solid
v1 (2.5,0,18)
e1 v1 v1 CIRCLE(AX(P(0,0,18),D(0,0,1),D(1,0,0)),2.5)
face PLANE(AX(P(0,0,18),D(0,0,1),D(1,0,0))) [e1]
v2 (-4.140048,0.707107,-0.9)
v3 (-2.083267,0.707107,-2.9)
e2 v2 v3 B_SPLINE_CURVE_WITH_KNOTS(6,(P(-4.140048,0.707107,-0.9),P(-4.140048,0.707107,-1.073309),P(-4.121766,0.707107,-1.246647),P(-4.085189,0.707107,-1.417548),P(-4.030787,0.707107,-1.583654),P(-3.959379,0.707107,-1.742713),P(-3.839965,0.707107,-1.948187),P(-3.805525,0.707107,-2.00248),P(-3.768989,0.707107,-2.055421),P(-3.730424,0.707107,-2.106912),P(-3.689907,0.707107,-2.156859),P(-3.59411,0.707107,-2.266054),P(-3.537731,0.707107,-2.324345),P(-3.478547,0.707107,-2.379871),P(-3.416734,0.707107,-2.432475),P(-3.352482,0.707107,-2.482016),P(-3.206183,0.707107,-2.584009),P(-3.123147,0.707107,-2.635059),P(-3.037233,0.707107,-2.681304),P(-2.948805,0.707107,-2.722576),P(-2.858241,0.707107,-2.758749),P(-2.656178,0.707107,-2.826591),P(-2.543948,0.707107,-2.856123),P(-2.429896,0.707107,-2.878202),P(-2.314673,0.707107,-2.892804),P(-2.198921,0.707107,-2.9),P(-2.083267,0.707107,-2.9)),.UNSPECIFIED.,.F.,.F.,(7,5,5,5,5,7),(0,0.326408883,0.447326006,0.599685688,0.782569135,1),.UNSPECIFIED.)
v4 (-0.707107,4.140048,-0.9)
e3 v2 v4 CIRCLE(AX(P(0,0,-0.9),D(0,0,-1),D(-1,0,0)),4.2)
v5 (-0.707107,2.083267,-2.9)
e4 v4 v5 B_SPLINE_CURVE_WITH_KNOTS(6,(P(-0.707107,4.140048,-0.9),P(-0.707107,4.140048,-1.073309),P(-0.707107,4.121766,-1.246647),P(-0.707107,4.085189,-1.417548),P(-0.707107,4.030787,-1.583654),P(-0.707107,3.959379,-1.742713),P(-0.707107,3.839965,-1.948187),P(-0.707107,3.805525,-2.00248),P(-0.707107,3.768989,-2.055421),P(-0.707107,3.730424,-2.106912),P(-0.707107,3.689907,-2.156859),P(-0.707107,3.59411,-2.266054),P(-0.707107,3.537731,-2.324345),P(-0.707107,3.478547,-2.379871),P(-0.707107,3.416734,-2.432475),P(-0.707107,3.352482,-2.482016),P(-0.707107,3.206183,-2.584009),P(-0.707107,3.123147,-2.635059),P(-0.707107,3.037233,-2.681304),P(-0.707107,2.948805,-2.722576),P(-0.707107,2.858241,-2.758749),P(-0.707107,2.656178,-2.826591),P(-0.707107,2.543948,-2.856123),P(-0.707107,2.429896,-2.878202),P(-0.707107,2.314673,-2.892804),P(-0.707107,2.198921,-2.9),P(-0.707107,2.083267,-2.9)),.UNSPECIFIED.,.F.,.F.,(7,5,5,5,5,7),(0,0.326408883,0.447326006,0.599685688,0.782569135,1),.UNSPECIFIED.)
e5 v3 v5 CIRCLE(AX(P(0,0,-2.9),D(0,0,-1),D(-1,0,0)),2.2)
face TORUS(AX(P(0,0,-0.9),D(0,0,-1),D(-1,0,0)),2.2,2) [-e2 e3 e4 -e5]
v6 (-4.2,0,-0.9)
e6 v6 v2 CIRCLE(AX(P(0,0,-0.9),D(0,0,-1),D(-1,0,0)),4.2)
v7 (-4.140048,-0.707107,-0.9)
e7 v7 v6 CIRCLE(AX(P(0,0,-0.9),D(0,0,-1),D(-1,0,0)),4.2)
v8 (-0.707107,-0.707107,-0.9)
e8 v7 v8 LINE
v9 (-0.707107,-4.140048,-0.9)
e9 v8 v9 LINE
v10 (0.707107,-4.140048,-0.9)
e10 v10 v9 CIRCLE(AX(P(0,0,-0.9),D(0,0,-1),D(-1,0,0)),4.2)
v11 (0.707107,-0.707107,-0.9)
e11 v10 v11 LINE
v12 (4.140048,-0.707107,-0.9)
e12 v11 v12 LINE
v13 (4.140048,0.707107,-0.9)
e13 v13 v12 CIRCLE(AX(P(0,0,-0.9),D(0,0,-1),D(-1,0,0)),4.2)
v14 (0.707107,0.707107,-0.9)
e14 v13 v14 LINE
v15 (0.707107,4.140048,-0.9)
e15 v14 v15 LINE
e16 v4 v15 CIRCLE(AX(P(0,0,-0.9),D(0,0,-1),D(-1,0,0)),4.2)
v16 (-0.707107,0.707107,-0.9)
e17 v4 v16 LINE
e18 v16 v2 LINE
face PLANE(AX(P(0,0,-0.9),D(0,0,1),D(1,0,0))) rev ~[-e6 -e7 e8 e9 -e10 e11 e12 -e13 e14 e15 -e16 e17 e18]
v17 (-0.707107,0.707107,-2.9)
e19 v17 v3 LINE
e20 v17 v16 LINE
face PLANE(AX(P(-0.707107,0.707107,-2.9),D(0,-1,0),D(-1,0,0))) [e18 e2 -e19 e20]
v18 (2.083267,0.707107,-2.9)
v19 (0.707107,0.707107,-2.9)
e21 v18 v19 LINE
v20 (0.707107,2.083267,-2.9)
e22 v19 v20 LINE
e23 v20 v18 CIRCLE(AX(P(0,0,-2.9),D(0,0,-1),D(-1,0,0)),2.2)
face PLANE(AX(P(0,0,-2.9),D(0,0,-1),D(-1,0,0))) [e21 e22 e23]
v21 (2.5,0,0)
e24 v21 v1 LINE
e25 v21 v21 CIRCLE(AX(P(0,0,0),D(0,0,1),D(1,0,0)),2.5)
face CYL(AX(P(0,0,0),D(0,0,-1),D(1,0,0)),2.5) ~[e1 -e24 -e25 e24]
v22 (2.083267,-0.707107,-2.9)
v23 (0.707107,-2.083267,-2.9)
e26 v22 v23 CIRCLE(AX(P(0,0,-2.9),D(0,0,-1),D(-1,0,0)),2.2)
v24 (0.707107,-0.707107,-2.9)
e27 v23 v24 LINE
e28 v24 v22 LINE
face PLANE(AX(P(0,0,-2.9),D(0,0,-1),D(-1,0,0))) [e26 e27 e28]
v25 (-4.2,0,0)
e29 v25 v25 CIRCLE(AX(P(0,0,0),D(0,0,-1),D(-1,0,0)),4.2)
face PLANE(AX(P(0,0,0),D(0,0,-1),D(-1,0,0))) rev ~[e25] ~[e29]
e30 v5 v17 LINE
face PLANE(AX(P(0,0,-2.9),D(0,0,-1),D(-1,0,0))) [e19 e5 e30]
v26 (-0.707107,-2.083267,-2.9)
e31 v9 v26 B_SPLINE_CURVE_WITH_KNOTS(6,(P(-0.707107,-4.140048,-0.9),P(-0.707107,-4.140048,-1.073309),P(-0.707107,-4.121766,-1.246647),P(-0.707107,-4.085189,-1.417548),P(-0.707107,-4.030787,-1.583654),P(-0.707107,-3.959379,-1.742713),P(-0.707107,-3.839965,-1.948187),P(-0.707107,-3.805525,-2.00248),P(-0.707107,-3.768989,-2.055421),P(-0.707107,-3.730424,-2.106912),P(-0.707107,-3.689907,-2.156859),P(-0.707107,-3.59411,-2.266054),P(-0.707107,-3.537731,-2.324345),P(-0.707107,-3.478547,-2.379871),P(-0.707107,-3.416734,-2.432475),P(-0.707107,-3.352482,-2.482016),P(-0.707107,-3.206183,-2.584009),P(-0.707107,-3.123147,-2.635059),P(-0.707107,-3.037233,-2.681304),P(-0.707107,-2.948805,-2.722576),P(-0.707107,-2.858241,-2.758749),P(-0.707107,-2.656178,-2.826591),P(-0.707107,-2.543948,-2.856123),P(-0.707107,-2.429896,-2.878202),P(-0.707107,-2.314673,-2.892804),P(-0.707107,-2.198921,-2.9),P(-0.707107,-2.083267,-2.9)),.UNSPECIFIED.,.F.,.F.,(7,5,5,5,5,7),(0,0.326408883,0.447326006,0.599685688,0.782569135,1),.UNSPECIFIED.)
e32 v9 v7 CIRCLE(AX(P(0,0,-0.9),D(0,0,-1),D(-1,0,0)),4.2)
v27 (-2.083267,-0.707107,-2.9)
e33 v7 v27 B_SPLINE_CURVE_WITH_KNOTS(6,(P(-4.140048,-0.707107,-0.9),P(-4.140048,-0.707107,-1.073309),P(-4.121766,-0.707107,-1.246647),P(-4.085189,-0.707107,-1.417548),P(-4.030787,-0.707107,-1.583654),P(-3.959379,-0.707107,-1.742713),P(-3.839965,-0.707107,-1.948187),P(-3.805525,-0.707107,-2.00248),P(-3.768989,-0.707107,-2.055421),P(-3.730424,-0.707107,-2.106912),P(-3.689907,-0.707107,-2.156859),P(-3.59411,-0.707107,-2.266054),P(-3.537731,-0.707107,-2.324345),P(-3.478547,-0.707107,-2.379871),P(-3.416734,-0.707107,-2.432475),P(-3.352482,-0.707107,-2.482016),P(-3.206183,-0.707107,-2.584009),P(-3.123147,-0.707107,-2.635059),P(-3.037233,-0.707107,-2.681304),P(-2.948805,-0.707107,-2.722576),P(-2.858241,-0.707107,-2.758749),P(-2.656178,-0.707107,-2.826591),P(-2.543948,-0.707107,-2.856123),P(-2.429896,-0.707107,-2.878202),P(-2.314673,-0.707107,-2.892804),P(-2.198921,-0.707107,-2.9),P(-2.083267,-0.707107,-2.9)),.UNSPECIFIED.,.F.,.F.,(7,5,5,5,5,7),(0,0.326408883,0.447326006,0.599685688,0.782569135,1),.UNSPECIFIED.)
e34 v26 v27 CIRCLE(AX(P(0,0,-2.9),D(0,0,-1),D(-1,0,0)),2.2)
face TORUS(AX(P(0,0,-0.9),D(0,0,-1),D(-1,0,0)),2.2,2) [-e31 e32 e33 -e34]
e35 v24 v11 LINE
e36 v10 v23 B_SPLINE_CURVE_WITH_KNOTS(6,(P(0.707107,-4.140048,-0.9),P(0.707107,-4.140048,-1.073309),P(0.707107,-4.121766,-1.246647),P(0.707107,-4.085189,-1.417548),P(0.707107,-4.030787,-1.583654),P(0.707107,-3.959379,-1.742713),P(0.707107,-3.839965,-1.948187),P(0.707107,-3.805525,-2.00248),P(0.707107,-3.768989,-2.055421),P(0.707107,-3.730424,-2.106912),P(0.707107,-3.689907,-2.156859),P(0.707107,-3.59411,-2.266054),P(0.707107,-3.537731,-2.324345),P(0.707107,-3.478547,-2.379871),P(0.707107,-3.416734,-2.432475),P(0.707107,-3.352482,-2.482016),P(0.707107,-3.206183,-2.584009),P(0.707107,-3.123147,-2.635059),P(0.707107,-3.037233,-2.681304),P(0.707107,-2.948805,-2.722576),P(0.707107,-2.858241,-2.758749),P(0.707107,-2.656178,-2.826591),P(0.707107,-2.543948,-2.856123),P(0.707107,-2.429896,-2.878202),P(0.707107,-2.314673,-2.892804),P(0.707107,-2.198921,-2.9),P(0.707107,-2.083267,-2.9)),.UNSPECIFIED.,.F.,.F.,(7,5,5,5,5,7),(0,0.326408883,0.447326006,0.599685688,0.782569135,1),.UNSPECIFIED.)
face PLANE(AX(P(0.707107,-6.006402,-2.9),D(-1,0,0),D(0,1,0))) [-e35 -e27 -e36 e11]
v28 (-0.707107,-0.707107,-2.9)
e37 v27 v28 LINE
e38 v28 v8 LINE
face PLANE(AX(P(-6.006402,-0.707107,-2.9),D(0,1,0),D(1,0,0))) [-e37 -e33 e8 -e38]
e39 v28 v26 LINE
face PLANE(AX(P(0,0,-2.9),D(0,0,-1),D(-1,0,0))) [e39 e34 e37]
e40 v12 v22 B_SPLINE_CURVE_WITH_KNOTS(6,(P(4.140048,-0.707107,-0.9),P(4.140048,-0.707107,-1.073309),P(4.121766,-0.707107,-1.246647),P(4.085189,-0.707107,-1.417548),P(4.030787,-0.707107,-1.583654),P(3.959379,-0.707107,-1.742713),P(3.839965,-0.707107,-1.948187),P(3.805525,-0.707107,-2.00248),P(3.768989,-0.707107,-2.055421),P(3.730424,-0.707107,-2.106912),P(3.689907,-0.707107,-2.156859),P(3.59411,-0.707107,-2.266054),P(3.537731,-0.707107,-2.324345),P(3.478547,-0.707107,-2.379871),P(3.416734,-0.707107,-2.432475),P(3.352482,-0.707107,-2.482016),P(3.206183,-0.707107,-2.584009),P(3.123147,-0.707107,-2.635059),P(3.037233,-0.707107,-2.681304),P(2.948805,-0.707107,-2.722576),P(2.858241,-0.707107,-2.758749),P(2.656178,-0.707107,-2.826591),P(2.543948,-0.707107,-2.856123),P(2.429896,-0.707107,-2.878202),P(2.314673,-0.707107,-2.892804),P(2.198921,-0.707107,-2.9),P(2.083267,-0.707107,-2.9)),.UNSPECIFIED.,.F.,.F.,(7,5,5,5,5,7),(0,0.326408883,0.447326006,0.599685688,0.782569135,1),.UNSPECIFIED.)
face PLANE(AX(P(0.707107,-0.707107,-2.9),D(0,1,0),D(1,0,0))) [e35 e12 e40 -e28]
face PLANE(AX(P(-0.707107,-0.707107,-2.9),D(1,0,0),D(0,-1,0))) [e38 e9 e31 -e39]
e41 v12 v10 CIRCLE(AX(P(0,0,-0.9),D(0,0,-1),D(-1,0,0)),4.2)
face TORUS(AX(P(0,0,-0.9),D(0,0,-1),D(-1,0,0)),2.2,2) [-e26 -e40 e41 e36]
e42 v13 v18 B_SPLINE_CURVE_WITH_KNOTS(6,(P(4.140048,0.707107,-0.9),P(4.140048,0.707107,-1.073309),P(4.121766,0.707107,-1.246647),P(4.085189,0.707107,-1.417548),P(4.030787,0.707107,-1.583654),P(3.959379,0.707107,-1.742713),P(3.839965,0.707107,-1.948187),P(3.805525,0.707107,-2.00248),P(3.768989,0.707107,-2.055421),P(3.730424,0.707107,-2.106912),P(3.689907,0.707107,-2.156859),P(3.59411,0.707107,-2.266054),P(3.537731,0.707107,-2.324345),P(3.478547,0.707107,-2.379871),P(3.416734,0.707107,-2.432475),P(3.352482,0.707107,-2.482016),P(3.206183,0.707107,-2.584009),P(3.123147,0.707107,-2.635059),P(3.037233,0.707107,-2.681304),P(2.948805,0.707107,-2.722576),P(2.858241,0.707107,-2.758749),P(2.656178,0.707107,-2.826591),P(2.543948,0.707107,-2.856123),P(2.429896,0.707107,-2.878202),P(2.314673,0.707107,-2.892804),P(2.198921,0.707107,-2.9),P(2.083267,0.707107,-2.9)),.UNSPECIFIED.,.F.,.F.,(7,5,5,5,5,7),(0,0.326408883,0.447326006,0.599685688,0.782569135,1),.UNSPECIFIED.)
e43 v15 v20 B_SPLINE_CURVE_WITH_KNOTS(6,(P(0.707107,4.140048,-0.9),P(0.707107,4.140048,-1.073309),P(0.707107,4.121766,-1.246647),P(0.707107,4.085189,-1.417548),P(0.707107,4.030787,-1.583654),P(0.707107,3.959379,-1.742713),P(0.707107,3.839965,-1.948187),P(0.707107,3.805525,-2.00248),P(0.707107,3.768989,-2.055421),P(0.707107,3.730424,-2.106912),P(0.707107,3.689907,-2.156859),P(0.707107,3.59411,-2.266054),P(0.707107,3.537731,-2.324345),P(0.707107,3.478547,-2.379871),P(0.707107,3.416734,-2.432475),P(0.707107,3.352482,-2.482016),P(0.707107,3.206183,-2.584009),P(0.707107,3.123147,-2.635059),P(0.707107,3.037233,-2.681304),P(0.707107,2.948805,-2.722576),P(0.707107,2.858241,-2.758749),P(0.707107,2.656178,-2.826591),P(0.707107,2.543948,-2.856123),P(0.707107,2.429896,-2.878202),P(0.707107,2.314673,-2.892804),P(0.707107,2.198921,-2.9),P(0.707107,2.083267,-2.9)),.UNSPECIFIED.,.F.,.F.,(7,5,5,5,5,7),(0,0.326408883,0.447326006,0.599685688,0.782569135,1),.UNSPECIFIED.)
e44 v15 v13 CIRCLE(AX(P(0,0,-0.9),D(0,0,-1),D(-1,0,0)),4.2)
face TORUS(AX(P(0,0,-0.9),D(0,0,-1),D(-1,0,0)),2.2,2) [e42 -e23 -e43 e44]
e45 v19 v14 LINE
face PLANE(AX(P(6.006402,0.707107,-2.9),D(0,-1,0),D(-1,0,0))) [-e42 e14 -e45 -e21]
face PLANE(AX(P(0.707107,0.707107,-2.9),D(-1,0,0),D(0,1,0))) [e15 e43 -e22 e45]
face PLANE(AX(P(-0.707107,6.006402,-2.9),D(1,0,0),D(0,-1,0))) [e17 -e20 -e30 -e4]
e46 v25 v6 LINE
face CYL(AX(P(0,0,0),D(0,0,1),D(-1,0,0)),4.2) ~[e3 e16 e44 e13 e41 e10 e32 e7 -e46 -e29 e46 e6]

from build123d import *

# Parameters (mm, degrees)
SKETCH_1_R          = 2.5
EXTRUDE_1_DEPTH     = 18
SKETCH_2_R          = 4.2
EXTRUDE_2_DEPTH     = 2.9
FILLET_1_R          = 2
CUT_EXTRUDE_1_DEPTH = 2


with BuildPart() as part:
    # 草图1 → 凸台-拉伸1 (new body)
    with BuildSketch(Plane.XY):
        Circle(SKETCH_1_R)
    extrude(amount=EXTRUDE_1_DEPTH)

    # 草图2 → 凸台-拉伸2 (add)
    with BuildSketch(Plane(origin=(0, 0, 0), x_dir=(-1, 0, 0), z_dir=(0, 0, -1))):
        Circle(SKETCH_2_R)
    extrude(amount=EXTRUDE_2_DEPTH)

    # 圆角1
    fillet_1_edges = [part.edges().sort_by_distance(p)[0] for p in [
        (4.2, 0, -2.9),
    ]]
    fillet(fillet_1_edges, radius=FILLET_1_R)

    # 草图3 → 切除-拉伸1 (cut)
    with BuildSketch(Plane(origin=(0, 0, -2.9), x_dir=(-1, 0, 0), z_dir=(0, 0, -1))):
        Polygon((-0.707106781, 0.707106781), (-0.707106781, 6.006401657), (0.707106781, 6.006401657), (0.707106781, 0.707106781), (6.006401657, 0.707106781), (6.006401657, -0.707106781), (0.707106781, -0.707106781), (0.707106781, -6.006401657), (-0.707106781, -6.006401657), (-0.707106781, -0.707106781), (-6.006401657, -0.707106781), (-6.006401657, 0.707106781), align=None)
    extrude(amount=-CUT_EXTRUDE_1_DEPTH, mode=Mode.SUBTRACT)


solid = part.part
